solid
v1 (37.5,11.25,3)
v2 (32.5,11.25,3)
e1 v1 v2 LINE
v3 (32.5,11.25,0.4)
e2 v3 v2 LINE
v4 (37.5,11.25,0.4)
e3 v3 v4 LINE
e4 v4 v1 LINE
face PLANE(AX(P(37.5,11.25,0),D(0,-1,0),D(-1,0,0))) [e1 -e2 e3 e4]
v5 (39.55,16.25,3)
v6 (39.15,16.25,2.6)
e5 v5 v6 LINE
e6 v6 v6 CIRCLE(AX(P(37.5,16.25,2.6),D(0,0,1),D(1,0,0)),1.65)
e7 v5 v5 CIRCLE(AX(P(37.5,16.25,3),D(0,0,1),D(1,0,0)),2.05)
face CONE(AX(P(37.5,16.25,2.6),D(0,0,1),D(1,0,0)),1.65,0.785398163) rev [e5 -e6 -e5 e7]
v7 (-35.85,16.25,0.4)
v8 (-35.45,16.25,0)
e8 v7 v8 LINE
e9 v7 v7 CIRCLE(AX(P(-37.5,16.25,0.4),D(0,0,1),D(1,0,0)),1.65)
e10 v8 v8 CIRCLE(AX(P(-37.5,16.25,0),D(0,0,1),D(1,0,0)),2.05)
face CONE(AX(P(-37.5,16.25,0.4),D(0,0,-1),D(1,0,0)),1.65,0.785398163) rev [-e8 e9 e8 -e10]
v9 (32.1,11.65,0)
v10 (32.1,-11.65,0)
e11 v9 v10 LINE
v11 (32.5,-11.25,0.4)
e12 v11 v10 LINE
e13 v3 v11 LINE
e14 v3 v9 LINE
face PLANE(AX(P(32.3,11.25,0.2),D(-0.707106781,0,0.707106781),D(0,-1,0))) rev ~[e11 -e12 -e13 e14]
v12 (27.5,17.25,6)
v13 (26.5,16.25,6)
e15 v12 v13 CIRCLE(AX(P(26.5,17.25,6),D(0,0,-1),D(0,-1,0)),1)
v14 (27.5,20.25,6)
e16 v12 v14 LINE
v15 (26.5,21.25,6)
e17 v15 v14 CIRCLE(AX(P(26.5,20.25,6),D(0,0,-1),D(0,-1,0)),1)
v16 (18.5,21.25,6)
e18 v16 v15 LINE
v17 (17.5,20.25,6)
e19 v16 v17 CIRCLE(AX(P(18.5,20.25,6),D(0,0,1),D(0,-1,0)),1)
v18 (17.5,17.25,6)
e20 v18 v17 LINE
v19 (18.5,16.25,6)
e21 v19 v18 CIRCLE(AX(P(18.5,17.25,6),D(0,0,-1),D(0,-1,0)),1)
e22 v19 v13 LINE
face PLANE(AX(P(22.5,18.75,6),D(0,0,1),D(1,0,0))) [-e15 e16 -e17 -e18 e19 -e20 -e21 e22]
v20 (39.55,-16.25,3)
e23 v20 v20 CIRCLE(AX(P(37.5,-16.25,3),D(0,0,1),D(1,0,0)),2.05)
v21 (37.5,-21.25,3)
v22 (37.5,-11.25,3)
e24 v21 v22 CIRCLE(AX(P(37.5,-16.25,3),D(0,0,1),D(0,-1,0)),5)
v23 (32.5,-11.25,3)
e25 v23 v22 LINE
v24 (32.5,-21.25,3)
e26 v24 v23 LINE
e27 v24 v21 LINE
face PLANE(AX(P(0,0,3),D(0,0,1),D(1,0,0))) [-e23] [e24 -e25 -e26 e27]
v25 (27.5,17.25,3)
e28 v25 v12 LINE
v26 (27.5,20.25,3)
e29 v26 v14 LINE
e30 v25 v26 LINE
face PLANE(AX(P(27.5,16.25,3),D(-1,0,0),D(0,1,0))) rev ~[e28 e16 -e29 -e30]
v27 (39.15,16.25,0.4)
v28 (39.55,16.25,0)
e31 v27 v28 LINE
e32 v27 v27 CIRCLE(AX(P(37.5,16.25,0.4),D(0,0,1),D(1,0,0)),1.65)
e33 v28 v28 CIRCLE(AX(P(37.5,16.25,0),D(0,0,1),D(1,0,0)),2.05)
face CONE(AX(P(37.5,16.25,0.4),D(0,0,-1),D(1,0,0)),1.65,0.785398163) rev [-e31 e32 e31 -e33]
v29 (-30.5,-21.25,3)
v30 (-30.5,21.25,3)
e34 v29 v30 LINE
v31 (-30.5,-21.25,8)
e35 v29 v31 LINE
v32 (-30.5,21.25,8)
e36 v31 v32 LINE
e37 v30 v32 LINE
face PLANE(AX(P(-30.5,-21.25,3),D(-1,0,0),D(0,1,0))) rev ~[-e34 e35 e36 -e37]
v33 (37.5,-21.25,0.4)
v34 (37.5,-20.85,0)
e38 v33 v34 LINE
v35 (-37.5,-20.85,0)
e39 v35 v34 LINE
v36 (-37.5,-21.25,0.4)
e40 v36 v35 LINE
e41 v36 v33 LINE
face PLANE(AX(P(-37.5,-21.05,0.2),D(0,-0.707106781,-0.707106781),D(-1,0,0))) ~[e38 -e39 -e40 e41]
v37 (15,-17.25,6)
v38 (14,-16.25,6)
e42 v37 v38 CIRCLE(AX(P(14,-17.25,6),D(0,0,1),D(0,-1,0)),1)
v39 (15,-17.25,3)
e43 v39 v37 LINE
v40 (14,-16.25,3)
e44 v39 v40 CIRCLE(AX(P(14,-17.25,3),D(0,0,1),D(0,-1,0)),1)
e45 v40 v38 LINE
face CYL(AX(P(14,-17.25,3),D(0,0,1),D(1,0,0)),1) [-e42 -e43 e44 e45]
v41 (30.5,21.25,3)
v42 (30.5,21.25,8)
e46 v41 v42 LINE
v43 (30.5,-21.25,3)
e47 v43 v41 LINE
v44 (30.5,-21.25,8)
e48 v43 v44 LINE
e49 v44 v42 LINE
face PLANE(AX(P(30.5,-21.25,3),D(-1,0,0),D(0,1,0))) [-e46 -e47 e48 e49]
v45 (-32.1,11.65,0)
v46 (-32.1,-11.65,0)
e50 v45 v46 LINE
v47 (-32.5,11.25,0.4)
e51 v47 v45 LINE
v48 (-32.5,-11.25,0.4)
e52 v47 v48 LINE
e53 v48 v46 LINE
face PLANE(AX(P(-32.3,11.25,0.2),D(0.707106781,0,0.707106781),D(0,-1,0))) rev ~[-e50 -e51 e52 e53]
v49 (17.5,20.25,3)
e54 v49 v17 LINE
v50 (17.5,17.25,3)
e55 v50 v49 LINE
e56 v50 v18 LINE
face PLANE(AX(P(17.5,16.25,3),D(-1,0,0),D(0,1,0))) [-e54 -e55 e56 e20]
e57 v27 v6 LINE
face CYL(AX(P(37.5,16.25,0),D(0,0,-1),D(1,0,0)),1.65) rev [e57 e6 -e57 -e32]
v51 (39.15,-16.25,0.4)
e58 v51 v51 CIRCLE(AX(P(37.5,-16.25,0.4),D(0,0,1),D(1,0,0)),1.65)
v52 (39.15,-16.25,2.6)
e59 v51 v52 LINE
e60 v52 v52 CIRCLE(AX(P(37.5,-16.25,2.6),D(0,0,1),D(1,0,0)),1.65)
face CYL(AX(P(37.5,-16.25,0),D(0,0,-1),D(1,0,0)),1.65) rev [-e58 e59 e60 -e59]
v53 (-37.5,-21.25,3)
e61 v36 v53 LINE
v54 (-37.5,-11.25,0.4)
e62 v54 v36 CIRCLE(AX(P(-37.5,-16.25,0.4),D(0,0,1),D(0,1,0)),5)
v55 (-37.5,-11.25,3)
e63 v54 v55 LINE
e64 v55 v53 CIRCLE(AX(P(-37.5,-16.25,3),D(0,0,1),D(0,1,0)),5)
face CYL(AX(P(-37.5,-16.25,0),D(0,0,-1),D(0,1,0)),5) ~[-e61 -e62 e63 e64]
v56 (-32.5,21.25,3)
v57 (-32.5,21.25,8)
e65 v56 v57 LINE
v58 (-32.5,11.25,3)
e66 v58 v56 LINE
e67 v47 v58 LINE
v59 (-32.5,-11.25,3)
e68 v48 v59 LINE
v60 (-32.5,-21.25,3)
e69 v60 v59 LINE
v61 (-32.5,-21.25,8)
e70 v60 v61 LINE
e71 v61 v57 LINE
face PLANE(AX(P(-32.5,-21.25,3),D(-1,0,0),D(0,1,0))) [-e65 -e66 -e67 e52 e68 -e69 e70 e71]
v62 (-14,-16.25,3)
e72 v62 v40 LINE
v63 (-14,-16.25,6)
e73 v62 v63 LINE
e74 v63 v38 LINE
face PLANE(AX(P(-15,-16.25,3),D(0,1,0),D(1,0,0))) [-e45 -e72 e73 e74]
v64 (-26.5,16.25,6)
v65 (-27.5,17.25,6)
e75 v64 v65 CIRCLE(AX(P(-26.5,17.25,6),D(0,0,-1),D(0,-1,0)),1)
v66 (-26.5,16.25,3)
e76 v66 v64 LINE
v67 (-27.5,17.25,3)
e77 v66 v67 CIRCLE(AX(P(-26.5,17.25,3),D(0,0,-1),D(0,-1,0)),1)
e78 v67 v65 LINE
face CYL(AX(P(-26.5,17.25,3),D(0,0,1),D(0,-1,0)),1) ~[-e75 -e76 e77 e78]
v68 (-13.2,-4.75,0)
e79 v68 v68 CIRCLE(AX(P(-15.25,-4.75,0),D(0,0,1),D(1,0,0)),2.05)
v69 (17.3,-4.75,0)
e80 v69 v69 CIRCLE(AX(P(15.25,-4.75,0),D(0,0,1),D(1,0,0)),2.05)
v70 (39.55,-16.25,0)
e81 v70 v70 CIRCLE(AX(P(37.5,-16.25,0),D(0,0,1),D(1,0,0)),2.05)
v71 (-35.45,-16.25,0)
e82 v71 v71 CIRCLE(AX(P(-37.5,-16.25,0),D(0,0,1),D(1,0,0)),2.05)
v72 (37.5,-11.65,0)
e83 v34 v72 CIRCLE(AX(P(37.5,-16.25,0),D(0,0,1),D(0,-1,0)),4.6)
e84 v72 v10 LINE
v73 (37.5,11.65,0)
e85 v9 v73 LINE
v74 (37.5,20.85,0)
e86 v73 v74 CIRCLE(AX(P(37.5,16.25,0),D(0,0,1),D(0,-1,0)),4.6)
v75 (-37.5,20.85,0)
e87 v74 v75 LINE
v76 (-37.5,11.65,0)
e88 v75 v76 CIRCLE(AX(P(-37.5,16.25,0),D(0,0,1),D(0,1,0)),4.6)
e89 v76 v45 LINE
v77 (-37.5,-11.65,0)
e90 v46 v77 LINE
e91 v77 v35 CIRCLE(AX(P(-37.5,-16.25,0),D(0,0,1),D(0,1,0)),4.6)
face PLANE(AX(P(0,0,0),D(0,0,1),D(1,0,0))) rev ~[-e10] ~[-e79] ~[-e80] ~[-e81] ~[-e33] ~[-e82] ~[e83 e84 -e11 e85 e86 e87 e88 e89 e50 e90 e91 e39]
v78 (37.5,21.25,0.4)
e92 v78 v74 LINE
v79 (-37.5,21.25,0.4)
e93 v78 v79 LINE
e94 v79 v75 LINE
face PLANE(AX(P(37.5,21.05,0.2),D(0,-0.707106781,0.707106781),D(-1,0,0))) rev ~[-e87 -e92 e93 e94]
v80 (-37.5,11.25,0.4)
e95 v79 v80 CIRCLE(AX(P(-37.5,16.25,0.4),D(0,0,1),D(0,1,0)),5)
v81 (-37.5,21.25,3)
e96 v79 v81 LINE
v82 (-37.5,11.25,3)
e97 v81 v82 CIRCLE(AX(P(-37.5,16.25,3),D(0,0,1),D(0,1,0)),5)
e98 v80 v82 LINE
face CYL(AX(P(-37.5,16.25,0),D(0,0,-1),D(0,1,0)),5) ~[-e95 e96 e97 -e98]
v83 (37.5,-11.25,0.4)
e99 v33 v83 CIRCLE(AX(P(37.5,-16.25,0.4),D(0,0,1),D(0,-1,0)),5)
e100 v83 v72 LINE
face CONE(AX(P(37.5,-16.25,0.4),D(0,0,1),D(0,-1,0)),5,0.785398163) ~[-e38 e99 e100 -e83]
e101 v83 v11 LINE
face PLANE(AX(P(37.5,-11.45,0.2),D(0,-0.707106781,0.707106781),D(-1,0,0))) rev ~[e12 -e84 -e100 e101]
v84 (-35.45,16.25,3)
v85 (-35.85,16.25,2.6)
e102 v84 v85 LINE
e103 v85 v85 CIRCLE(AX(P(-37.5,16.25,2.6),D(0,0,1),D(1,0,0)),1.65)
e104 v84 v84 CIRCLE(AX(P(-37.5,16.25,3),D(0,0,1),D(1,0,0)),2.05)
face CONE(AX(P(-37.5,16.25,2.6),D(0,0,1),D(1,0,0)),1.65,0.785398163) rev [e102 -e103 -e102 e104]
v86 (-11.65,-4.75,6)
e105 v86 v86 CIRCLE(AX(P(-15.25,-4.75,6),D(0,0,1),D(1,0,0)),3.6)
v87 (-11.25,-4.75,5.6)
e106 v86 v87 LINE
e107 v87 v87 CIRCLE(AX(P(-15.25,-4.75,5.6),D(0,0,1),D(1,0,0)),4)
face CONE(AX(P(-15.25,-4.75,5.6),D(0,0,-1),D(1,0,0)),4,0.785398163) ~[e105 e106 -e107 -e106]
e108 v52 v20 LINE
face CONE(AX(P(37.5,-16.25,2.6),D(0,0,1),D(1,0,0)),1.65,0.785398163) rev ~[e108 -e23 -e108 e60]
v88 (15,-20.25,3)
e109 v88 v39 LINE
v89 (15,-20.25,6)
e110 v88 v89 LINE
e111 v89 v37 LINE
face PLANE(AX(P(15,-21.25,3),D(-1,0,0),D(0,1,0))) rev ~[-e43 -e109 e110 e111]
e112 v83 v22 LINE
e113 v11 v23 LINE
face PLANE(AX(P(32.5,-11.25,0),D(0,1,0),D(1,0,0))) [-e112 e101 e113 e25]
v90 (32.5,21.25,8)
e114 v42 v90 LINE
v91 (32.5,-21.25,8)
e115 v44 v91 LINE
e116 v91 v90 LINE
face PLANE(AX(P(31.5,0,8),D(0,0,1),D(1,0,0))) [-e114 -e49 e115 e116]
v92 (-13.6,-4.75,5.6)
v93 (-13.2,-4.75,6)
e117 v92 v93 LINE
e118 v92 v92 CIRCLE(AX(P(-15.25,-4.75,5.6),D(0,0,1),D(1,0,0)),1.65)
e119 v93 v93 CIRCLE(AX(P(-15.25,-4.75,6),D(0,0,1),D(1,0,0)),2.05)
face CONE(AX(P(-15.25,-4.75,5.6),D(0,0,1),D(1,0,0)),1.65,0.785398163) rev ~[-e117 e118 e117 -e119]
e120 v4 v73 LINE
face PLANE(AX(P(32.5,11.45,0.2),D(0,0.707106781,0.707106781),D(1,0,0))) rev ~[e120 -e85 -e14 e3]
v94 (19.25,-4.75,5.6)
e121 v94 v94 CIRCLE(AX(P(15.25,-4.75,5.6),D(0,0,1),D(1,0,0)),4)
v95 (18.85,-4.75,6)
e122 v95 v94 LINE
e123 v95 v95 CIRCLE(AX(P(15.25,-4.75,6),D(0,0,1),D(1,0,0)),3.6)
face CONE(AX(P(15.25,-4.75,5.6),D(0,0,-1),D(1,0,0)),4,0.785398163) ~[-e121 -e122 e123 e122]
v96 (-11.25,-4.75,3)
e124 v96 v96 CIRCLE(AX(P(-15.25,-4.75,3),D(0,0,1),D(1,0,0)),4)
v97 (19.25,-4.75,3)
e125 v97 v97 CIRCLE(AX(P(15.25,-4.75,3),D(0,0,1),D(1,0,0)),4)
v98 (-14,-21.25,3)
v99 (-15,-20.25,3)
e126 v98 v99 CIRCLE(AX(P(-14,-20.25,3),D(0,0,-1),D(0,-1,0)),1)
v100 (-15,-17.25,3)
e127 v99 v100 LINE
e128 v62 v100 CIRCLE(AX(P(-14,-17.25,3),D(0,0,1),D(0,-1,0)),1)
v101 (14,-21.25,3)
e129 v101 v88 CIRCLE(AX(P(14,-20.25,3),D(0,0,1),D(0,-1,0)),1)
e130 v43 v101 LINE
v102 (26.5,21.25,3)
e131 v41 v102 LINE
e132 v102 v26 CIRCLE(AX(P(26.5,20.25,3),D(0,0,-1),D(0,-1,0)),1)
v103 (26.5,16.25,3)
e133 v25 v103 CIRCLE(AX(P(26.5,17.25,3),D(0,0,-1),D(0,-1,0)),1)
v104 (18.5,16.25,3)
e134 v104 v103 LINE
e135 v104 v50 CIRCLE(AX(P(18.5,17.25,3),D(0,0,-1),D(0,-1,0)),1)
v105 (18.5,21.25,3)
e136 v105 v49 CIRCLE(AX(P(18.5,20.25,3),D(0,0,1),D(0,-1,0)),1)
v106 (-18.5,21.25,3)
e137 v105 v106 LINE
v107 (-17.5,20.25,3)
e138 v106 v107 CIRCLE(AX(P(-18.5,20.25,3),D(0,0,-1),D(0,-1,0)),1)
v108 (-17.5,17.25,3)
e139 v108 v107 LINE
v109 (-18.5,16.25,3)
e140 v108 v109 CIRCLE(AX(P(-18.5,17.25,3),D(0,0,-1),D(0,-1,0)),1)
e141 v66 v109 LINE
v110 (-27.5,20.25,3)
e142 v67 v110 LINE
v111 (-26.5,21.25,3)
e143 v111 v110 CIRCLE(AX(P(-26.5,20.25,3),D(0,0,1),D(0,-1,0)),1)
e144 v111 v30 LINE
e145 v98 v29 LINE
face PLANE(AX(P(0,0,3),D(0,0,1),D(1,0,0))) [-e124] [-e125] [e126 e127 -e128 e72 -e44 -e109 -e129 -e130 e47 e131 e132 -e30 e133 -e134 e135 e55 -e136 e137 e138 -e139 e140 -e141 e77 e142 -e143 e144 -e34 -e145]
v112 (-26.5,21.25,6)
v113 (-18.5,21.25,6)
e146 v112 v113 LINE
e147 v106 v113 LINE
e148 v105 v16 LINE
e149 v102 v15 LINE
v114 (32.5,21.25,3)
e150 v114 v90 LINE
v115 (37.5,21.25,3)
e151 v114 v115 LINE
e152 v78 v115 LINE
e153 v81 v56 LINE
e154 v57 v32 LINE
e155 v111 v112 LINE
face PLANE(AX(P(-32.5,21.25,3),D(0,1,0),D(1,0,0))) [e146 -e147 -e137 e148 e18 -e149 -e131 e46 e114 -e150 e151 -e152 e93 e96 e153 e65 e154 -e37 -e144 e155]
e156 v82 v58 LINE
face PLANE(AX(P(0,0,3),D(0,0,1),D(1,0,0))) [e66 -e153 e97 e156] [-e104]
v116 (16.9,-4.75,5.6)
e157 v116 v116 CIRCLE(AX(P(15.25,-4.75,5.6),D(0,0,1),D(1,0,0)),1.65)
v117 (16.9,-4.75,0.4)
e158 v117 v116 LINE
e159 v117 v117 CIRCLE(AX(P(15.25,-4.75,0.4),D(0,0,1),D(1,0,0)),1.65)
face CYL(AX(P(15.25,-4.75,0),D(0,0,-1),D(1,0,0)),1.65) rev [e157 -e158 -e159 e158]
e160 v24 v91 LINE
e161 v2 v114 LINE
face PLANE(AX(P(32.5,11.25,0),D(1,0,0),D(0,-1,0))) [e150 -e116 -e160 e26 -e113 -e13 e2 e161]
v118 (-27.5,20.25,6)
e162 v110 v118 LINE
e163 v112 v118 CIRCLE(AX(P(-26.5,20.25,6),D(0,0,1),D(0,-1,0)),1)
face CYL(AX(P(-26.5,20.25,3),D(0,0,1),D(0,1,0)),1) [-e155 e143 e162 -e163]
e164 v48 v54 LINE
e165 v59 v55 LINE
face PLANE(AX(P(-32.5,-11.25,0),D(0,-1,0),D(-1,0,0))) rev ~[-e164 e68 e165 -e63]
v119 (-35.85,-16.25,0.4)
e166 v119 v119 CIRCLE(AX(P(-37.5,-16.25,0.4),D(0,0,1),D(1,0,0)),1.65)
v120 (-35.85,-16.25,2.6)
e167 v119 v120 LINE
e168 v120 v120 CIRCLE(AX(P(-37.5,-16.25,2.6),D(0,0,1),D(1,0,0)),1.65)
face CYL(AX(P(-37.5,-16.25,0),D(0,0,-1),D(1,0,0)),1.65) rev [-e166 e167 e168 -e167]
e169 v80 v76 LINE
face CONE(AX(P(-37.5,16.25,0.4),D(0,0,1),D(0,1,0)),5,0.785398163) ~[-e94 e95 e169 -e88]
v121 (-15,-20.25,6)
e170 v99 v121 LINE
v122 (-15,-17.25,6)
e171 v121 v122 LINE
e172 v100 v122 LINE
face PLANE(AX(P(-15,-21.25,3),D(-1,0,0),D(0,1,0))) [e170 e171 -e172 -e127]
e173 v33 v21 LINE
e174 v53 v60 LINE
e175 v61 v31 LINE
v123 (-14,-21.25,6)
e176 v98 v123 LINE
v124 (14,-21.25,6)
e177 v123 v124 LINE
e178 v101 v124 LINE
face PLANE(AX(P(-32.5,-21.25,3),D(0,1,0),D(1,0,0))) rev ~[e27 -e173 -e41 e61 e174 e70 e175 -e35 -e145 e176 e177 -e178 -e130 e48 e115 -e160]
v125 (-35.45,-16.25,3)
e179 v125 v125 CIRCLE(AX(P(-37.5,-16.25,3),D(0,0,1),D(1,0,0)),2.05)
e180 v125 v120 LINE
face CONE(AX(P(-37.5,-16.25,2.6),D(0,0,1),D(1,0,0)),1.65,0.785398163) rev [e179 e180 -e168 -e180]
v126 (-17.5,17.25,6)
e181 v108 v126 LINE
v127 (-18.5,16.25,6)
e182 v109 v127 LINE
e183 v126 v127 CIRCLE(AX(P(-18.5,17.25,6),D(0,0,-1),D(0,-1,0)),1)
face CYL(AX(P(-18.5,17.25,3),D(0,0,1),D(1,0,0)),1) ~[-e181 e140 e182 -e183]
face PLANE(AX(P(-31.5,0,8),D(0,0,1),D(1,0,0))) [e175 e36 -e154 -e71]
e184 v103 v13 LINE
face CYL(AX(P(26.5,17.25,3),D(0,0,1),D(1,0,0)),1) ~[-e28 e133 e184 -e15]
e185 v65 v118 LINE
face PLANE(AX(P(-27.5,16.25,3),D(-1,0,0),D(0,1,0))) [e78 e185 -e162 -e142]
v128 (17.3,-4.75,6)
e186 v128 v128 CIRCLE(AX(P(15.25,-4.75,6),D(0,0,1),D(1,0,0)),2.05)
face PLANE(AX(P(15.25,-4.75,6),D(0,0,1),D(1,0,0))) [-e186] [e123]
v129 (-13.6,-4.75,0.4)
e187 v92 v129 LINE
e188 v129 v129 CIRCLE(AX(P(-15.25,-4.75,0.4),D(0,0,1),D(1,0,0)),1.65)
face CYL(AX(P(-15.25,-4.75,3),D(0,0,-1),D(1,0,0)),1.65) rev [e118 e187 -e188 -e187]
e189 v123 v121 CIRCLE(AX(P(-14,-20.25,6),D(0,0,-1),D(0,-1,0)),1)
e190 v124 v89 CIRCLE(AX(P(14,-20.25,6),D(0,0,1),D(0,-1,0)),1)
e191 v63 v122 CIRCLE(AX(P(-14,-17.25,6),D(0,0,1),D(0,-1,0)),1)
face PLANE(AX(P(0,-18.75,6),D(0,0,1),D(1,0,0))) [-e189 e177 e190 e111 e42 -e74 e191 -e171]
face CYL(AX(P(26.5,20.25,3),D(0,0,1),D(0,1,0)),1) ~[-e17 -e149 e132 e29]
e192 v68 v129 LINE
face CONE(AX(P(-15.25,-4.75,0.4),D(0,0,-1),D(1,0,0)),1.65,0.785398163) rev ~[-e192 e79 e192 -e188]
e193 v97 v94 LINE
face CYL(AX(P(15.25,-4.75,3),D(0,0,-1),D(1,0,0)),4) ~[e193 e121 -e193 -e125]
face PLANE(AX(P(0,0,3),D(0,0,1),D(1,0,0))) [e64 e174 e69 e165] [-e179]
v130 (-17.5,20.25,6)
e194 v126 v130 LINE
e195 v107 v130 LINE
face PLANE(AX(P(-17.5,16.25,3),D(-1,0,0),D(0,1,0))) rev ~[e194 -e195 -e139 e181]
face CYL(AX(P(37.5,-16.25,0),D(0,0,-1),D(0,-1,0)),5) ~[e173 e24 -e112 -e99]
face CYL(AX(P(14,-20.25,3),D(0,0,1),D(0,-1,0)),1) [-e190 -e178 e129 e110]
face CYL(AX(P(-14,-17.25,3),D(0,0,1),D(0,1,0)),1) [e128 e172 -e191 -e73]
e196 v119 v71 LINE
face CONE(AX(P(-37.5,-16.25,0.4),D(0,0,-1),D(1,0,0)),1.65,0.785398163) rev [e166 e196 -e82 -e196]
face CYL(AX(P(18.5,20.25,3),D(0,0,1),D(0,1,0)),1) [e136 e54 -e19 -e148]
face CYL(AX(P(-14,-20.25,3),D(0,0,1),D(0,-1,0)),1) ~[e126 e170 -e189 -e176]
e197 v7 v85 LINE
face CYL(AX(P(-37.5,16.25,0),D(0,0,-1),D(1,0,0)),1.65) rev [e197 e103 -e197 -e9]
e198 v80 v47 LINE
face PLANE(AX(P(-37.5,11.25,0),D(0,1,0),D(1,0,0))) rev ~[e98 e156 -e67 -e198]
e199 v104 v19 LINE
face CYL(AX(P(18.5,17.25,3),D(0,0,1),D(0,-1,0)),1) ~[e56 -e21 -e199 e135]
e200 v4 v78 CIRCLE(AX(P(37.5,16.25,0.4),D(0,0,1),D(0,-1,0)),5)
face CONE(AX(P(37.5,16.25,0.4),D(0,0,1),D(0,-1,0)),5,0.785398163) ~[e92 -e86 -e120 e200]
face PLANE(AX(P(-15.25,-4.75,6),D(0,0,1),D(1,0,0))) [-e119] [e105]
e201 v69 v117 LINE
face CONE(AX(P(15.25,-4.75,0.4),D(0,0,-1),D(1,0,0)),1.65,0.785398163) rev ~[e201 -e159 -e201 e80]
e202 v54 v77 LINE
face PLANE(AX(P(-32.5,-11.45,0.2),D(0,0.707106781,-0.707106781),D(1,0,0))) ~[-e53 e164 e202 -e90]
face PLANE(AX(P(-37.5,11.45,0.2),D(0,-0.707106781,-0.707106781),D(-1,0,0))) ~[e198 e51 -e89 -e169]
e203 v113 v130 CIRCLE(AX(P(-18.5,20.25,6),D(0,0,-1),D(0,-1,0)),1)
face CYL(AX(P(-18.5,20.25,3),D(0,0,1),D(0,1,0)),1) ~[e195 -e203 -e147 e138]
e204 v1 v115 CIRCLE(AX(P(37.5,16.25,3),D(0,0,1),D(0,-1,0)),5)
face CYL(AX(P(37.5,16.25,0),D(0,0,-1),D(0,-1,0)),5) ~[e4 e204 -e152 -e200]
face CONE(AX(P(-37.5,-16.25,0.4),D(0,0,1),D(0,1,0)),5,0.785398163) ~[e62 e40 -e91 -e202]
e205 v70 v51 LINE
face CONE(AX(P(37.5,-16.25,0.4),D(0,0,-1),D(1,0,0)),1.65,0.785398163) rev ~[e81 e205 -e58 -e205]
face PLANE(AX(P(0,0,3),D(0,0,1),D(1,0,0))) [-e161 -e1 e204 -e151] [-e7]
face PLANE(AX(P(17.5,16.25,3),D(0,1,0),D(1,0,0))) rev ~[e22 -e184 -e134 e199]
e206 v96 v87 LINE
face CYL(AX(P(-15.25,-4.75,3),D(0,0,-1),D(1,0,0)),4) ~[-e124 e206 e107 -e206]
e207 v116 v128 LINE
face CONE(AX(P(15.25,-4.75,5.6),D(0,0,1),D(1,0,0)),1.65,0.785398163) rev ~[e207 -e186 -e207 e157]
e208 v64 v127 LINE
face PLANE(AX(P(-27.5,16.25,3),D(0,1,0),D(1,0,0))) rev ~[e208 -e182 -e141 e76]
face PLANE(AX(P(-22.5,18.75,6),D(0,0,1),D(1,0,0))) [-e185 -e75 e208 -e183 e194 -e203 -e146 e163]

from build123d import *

# Parameters (mm, degrees)
SKETCH011_R     = 1.65
PAD006_DEPTH    = 3
SKETCH012_W     = 2
SKETCH012_H     = 42.5
PAD007_DEPTH    = 5
SKETCH013_R     = 4
SKETCH013_R_2   = 1.65
SKETCH013_W     = 10
SKETCH013_H     = 5
SKETCH013_W_2   = 30
PAD008_DEPTH    = 3
FILLET003_R     = 1
CHAMFER007_SIZE = 0.4


with BuildPart() as part:
    # Sketch011 → Pad006 (new body)
    with BuildSketch(Plane.XY):
        with BuildLine():
            ThreePointArc((-37.5, 21.25), (-42.5, 16.25), (-37.5, 11.25))
            Line((-37.5, 11.25), (-32.5, 11.25))
            Line((-32.5, 11.25), (-32.5, -11.25))
            Line((-32.5, -11.25), (-37.5, -11.25))
            ThreePointArc((-37.5, -11.25), (-42.5, -16.25), (-37.5, -21.25))
            Line((-37.5, -21.25), (37.5, -21.25))
            ThreePointArc((37.5, -21.25), (42.5, -16.25), (37.5, -11.25))
            Line((32.5, -11.25), (37.5, -11.25))
            Line((32.5, 11.25), (32.5, -11.25))
            Line((37.5, 11.25), (32.5, 11.25))
            ThreePointArc((37.5, 11.25), (42.5, 16.25), (37.5, 21.25))
            Line((-37.5, 21.25), (37.5, 21.25))
        make_face()
        with Locations((-15.25, -4.75)):
            Circle(SKETCH011_R, mode=Mode.SUBTRACT)
        with Locations((15.25, -4.75)):
            Circle(SKETCH011_R, mode=Mode.SUBTRACT)
        with Locations((-37.5, 16.25)):
            Circle(SKETCH011_R, mode=Mode.SUBTRACT)
        with Locations((-37.5, -16.25)):
            Circle(SKETCH011_R, mode=Mode.SUBTRACT)
        with Locations((37.5, 16.25)):
            Circle(SKETCH011_R, mode=Mode.SUBTRACT)
        with Locations((37.5, -16.25)):
            Circle(SKETCH011_R, mode=Mode.SUBTRACT)
    extrude(amount=PAD006_DEPTH)

    # Sketch012 (on Face20 of Pad006) → Pad007 (join)
    with BuildSketch(Plane.XY.offset(3)):
        with Locations((-31.5, 0)):
            Rectangle(SKETCH012_W, SKETCH012_H)
        with Locations((31.5, 0)):
            Rectangle(SKETCH012_W, SKETCH012_H)
    extrude(amount=PAD007_DEPTH)

    # Sketch013 (on Face10 of Pad007) → Pad008 (join)
    with BuildSketch(Plane.XY.offset(3)):
        with Locations((-15.25, -4.75)):
            Circle(SKETCH013_R)
        with Locations((-15.25, -4.75)):
            Circle(SKETCH013_R_2, mode=Mode.SUBTRACT)
        with Locations((15.25, -4.75)):
            Circle(SKETCH013_R)
        with Locations((15.25, -4.75)):
            Circle(SKETCH013_R_2, mode=Mode.SUBTRACT)
        with Locations((-22.5, 18.75)):
            Rectangle(SKETCH013_W, SKETCH013_H)
        with Locations((22.5, 18.75)):
            Rectangle(SKETCH013_W, SKETCH013_H)
        with Locations((0, -18.75)):
            Rectangle(SKETCH013_W_2, SKETCH013_H)
    extrude(amount=PAD008_DEPTH)

    # Fillet003
    fillet003_edges = [part.edges().sort_by_distance(p)[0] for p in [
        (-27.5, 21.25, 4.5),
        (-27.5, 16.25, 4.5),
        (-17.5, 16.25, 4.5),
        (-17.5, 21.25, 4.5),
        (17.5, 16.25, 4.5),
        (27.5, 16.25, 4.5),
        (27.5, 21.25, 4.5),
        (17.5, 21.25, 4.5),
        (-15, -16.25, 4.5),
        (-15, -21.25, 4.5),
        (15, -21.25, 4.5),
        (15, -16.25, 4.5),
    ]]
    fillet(fillet003_edges, radius=FILLET003_R)

    # Chamfer007
    chamfer007_edges = [part.edges().sort_by_distance(p)[0] for p in [
        (42.5, 16.25, 0),
        (0, 21.25, 0),
        (-42.5, 16.25, 0),
        (-35, 11.25, 0),
        (-32.5, 0, 0),
        (-35, -11.25, 0),
        (-42.5, -16.25, 0),
        (0, -21.25, 0),
        (42.5, -16.25, 0),
        (35, -11.25, 0),
        (32.5, 0, 0),
        (35, 11.25, 0),
        (13.6, -4.75, 0),
        (-16.9, -4.75, 0),
        (35.85, -16.25, 0),
        (35.85, 16.25, 0),
        (-39.15, -16.25, 0),
        (-39.15, 16.25, 0),
        (-39.15, 16.25, 3),
        (-39.15, -16.25, 3),
        (35.85, -16.25, 3),
        (35.85, 16.25, 3),
        (13.6, -4.75, 6),
        (-16.9, -4.75, 6),
        (-19.25, -4.75, 6),
        (11.25, -4.75, 6),
    ]]
    chamfer(chamfer007_edges, length=CHAMFER007_SIZE)


solid = part.part
